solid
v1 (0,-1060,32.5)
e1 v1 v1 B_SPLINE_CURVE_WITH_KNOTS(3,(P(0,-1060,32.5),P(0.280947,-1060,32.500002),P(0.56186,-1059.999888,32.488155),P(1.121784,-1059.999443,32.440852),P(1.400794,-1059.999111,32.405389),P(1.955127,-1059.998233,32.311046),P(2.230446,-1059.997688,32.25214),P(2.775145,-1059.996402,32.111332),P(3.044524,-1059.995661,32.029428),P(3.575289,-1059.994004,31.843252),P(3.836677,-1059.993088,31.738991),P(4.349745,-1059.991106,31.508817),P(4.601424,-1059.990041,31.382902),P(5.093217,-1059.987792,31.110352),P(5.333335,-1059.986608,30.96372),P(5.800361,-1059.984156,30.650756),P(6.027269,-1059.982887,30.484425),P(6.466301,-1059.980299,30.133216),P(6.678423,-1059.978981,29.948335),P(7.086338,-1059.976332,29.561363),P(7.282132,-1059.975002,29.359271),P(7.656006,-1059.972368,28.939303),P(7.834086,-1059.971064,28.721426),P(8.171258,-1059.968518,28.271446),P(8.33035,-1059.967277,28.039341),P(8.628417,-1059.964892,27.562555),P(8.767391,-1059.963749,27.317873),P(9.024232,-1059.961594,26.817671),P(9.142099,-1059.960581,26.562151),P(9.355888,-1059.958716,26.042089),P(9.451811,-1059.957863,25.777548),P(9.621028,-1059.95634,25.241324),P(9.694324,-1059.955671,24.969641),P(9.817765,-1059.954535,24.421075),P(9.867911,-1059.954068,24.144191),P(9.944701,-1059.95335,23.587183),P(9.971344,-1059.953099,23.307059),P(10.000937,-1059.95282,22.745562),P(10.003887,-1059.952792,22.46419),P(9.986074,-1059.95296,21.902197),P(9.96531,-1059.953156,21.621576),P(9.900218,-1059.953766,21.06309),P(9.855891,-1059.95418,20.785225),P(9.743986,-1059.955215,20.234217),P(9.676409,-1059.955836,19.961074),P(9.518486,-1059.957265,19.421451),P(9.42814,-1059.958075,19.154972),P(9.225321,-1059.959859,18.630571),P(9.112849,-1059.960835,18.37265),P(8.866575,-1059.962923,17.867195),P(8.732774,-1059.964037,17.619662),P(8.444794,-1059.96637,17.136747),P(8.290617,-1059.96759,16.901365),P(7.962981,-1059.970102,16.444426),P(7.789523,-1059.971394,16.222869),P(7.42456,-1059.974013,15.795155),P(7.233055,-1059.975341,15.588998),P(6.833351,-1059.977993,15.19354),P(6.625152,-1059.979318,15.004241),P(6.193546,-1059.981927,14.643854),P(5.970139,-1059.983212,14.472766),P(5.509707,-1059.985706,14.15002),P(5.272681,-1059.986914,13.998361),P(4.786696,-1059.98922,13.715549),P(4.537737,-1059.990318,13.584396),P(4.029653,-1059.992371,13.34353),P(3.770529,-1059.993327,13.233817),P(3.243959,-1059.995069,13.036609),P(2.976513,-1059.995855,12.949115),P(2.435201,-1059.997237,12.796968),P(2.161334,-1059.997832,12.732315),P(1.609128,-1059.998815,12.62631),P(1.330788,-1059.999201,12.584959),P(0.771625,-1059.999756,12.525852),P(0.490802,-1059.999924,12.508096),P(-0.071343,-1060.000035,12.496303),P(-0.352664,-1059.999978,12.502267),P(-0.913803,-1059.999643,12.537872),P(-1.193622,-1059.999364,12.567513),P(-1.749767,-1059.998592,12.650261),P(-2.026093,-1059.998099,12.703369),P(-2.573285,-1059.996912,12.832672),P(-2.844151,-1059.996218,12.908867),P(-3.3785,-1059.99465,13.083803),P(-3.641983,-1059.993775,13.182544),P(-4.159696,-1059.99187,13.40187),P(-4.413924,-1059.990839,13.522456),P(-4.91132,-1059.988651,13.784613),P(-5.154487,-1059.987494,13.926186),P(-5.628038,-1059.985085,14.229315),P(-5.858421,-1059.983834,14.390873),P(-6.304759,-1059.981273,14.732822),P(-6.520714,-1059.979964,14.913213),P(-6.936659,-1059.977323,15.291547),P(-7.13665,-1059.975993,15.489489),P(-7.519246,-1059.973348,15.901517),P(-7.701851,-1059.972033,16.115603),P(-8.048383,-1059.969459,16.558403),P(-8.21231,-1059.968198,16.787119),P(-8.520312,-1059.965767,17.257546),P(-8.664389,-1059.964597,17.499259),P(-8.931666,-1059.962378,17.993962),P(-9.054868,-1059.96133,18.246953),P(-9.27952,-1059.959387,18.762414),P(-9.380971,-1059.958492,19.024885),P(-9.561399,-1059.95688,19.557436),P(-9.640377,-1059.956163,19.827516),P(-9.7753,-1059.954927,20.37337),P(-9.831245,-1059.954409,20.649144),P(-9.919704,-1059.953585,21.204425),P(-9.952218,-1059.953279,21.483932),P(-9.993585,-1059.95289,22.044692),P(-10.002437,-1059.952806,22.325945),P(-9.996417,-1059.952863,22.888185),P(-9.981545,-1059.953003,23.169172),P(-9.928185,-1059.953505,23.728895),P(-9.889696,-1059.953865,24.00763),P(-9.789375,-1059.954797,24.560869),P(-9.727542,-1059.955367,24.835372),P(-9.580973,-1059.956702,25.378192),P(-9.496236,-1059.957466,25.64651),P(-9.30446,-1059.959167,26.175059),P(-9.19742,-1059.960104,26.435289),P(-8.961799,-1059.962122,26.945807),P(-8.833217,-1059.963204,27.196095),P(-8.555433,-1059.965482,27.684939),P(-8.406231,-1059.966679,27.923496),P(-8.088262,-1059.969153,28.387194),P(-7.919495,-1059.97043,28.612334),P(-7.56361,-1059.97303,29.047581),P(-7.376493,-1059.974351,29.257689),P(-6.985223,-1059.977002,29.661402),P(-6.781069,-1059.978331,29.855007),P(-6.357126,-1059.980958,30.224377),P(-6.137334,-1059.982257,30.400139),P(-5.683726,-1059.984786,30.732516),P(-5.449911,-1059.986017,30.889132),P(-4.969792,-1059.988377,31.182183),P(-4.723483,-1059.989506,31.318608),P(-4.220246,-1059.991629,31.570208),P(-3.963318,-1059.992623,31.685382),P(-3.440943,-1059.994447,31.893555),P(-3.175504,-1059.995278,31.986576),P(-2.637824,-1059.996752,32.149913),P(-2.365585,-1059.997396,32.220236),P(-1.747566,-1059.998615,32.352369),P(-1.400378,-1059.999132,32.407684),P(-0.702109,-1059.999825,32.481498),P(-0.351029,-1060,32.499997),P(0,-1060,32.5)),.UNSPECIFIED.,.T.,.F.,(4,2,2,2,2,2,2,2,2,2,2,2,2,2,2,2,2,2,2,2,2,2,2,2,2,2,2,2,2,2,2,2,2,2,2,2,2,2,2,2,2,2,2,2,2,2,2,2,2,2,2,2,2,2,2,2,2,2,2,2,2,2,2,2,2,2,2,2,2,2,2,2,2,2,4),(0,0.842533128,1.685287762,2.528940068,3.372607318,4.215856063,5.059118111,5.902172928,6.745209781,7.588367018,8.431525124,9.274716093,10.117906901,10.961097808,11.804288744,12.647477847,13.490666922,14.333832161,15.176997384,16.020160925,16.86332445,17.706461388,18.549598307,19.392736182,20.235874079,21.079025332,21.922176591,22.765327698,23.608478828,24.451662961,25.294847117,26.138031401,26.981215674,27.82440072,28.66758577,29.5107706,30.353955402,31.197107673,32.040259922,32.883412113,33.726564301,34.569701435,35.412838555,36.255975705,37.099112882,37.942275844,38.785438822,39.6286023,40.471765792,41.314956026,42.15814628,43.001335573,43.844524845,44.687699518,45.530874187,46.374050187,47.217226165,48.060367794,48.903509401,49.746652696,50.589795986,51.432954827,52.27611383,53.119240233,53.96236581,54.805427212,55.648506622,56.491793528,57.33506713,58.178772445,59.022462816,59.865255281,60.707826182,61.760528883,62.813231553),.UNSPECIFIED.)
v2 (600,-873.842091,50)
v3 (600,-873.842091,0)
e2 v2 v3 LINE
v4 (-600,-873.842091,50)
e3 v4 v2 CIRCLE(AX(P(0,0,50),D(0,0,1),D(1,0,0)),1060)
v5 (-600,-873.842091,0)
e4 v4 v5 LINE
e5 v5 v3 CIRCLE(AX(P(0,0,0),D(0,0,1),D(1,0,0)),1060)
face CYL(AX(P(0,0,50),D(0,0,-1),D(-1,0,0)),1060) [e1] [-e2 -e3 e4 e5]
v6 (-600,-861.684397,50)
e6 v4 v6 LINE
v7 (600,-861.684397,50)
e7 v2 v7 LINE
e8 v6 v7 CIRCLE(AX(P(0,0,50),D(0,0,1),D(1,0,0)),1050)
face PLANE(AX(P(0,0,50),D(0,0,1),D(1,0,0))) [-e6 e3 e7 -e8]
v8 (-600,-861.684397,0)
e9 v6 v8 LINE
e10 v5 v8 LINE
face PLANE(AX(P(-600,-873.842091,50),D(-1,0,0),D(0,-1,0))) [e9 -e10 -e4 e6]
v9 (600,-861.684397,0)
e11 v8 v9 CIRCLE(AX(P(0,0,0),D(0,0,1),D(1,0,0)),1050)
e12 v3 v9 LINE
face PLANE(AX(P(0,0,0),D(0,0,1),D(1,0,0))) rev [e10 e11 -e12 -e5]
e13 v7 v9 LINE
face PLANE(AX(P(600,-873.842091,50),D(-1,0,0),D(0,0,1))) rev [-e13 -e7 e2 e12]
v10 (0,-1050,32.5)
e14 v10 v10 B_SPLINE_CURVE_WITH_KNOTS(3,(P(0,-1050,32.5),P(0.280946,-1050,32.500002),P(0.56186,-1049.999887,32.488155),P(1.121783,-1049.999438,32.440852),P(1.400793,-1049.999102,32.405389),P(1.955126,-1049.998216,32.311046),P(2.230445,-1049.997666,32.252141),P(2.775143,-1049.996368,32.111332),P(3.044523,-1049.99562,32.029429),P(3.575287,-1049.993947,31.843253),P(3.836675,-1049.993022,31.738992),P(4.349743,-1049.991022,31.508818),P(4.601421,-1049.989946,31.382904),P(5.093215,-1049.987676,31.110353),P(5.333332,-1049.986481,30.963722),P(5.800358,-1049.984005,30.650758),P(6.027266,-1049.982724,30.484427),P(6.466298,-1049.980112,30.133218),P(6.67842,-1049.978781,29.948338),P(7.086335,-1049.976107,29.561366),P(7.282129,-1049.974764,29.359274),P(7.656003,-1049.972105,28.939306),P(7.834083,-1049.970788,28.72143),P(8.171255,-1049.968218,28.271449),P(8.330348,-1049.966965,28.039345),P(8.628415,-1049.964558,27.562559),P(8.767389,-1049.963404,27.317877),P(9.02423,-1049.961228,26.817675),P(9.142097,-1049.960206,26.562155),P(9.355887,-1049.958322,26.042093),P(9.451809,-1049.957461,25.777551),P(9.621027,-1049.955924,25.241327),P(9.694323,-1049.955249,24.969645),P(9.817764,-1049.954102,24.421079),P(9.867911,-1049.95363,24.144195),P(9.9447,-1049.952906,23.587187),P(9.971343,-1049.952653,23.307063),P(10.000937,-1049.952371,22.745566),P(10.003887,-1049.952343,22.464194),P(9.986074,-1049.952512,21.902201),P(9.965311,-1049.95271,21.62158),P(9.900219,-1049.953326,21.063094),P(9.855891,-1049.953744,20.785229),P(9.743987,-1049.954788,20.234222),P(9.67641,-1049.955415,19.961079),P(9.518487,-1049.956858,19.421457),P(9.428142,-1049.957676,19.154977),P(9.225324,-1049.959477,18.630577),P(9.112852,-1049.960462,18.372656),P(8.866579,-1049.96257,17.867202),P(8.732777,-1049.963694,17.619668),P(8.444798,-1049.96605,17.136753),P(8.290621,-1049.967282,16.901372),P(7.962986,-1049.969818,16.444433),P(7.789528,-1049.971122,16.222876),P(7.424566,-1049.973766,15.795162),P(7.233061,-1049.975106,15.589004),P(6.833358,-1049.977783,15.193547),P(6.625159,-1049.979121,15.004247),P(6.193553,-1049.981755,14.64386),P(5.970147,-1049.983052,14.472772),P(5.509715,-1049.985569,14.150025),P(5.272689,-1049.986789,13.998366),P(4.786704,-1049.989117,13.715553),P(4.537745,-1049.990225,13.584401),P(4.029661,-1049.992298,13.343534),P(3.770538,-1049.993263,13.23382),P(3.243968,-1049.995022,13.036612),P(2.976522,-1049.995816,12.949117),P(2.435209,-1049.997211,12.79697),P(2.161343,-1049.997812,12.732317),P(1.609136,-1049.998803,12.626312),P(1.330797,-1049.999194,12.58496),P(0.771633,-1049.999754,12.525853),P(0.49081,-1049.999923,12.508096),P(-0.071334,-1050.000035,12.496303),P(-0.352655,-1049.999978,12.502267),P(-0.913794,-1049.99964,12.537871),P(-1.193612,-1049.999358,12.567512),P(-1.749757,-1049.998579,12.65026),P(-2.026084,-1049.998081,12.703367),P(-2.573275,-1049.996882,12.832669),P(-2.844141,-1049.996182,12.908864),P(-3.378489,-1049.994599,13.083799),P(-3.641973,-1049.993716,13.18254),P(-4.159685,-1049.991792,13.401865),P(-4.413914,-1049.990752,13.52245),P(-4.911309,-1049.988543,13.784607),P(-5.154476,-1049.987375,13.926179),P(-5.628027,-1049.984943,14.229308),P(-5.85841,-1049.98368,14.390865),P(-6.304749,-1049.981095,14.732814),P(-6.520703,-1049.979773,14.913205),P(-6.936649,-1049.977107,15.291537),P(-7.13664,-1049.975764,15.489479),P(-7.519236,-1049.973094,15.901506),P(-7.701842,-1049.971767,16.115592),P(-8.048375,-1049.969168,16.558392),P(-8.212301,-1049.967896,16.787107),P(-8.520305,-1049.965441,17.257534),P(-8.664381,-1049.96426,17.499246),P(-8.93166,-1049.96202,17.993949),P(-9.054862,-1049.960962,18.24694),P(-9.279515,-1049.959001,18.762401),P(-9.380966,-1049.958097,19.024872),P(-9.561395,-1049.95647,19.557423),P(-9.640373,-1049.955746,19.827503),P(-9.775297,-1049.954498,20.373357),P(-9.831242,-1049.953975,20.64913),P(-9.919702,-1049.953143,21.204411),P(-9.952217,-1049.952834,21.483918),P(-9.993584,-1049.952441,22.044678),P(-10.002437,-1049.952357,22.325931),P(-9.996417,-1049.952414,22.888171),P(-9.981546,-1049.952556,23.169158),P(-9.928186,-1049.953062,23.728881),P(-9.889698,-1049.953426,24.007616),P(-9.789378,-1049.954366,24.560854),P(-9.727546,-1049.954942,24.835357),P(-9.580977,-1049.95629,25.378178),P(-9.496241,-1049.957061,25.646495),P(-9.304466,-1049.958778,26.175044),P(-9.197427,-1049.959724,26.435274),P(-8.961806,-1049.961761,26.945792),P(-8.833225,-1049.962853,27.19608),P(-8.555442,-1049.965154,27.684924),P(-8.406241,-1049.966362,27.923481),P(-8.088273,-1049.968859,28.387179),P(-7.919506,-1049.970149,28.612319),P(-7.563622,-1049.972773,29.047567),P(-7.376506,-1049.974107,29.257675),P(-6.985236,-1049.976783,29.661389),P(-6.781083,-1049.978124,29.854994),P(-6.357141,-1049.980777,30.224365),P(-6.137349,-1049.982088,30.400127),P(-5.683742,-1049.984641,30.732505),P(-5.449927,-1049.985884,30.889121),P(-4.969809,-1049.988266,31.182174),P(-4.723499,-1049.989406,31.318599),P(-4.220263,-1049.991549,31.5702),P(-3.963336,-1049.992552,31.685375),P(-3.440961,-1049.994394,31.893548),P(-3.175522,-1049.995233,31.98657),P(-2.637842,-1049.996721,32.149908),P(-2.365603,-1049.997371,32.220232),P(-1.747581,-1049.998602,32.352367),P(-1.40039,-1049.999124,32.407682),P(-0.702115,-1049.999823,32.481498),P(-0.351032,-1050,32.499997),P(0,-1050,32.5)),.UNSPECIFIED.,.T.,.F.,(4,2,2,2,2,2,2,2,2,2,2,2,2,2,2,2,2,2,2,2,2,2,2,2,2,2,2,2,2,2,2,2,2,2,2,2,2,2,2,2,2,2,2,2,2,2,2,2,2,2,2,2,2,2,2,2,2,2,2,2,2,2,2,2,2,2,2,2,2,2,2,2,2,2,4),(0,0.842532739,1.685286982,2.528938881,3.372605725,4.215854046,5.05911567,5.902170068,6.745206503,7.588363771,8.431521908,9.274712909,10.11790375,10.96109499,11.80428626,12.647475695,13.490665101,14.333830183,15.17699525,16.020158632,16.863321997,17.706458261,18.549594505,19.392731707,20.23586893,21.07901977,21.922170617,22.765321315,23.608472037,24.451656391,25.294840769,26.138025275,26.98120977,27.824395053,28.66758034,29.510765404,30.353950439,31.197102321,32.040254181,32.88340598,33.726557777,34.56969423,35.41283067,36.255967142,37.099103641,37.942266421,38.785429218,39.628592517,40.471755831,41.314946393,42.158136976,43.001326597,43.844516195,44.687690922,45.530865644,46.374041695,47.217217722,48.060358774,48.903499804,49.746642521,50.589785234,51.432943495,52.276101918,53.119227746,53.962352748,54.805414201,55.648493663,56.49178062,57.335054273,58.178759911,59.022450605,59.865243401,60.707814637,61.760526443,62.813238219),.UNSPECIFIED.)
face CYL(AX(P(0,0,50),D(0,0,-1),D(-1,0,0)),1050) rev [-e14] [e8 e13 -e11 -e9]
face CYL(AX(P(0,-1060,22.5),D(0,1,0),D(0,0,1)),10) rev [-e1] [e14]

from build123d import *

# Parameters (mm, degrees)
BOSS_EXTRUDE1_DEPTH = 50
SKETCH3_R           = 10
CUT_EXTRUDE1_DEPTH  = 1220.057012613


with BuildPart() as part:
    # Sketch1 → Boss-Extrude1 (new body)
    with BuildSketch(Plane.XY):
        with BuildLine():
            Line((-600, -873.842090998), (-600, -861.684396981))
            ThreePointArc((-600, -861.684396981), (0, -1050), (600, -861.684396981))
            Line((600, -861.684396981), (600, -873.842090998))
            ThreePointArc((600, -873.842090998), (0, -1060), (-600, -873.842090998))
        make_face()
    extrude(amount=BOSS_EXTRUDE1_DEPTH)

    # Sketch3 → Cut-Extrude1 (cut, through all)
    with BuildSketch(Plane(origin=(0, 0, 0), x_dir=(1, 0, 0), z_dir=(0, 1, 0))):
        with Locations(Location((0, -22.5, 0), (0, 0, 270))):
            Circle(SKETCH3_R)
    extrude(amount=-CUT_EXTRUDE1_DEPTH, mode=Mode.SUBTRACT)


solid = part.part
